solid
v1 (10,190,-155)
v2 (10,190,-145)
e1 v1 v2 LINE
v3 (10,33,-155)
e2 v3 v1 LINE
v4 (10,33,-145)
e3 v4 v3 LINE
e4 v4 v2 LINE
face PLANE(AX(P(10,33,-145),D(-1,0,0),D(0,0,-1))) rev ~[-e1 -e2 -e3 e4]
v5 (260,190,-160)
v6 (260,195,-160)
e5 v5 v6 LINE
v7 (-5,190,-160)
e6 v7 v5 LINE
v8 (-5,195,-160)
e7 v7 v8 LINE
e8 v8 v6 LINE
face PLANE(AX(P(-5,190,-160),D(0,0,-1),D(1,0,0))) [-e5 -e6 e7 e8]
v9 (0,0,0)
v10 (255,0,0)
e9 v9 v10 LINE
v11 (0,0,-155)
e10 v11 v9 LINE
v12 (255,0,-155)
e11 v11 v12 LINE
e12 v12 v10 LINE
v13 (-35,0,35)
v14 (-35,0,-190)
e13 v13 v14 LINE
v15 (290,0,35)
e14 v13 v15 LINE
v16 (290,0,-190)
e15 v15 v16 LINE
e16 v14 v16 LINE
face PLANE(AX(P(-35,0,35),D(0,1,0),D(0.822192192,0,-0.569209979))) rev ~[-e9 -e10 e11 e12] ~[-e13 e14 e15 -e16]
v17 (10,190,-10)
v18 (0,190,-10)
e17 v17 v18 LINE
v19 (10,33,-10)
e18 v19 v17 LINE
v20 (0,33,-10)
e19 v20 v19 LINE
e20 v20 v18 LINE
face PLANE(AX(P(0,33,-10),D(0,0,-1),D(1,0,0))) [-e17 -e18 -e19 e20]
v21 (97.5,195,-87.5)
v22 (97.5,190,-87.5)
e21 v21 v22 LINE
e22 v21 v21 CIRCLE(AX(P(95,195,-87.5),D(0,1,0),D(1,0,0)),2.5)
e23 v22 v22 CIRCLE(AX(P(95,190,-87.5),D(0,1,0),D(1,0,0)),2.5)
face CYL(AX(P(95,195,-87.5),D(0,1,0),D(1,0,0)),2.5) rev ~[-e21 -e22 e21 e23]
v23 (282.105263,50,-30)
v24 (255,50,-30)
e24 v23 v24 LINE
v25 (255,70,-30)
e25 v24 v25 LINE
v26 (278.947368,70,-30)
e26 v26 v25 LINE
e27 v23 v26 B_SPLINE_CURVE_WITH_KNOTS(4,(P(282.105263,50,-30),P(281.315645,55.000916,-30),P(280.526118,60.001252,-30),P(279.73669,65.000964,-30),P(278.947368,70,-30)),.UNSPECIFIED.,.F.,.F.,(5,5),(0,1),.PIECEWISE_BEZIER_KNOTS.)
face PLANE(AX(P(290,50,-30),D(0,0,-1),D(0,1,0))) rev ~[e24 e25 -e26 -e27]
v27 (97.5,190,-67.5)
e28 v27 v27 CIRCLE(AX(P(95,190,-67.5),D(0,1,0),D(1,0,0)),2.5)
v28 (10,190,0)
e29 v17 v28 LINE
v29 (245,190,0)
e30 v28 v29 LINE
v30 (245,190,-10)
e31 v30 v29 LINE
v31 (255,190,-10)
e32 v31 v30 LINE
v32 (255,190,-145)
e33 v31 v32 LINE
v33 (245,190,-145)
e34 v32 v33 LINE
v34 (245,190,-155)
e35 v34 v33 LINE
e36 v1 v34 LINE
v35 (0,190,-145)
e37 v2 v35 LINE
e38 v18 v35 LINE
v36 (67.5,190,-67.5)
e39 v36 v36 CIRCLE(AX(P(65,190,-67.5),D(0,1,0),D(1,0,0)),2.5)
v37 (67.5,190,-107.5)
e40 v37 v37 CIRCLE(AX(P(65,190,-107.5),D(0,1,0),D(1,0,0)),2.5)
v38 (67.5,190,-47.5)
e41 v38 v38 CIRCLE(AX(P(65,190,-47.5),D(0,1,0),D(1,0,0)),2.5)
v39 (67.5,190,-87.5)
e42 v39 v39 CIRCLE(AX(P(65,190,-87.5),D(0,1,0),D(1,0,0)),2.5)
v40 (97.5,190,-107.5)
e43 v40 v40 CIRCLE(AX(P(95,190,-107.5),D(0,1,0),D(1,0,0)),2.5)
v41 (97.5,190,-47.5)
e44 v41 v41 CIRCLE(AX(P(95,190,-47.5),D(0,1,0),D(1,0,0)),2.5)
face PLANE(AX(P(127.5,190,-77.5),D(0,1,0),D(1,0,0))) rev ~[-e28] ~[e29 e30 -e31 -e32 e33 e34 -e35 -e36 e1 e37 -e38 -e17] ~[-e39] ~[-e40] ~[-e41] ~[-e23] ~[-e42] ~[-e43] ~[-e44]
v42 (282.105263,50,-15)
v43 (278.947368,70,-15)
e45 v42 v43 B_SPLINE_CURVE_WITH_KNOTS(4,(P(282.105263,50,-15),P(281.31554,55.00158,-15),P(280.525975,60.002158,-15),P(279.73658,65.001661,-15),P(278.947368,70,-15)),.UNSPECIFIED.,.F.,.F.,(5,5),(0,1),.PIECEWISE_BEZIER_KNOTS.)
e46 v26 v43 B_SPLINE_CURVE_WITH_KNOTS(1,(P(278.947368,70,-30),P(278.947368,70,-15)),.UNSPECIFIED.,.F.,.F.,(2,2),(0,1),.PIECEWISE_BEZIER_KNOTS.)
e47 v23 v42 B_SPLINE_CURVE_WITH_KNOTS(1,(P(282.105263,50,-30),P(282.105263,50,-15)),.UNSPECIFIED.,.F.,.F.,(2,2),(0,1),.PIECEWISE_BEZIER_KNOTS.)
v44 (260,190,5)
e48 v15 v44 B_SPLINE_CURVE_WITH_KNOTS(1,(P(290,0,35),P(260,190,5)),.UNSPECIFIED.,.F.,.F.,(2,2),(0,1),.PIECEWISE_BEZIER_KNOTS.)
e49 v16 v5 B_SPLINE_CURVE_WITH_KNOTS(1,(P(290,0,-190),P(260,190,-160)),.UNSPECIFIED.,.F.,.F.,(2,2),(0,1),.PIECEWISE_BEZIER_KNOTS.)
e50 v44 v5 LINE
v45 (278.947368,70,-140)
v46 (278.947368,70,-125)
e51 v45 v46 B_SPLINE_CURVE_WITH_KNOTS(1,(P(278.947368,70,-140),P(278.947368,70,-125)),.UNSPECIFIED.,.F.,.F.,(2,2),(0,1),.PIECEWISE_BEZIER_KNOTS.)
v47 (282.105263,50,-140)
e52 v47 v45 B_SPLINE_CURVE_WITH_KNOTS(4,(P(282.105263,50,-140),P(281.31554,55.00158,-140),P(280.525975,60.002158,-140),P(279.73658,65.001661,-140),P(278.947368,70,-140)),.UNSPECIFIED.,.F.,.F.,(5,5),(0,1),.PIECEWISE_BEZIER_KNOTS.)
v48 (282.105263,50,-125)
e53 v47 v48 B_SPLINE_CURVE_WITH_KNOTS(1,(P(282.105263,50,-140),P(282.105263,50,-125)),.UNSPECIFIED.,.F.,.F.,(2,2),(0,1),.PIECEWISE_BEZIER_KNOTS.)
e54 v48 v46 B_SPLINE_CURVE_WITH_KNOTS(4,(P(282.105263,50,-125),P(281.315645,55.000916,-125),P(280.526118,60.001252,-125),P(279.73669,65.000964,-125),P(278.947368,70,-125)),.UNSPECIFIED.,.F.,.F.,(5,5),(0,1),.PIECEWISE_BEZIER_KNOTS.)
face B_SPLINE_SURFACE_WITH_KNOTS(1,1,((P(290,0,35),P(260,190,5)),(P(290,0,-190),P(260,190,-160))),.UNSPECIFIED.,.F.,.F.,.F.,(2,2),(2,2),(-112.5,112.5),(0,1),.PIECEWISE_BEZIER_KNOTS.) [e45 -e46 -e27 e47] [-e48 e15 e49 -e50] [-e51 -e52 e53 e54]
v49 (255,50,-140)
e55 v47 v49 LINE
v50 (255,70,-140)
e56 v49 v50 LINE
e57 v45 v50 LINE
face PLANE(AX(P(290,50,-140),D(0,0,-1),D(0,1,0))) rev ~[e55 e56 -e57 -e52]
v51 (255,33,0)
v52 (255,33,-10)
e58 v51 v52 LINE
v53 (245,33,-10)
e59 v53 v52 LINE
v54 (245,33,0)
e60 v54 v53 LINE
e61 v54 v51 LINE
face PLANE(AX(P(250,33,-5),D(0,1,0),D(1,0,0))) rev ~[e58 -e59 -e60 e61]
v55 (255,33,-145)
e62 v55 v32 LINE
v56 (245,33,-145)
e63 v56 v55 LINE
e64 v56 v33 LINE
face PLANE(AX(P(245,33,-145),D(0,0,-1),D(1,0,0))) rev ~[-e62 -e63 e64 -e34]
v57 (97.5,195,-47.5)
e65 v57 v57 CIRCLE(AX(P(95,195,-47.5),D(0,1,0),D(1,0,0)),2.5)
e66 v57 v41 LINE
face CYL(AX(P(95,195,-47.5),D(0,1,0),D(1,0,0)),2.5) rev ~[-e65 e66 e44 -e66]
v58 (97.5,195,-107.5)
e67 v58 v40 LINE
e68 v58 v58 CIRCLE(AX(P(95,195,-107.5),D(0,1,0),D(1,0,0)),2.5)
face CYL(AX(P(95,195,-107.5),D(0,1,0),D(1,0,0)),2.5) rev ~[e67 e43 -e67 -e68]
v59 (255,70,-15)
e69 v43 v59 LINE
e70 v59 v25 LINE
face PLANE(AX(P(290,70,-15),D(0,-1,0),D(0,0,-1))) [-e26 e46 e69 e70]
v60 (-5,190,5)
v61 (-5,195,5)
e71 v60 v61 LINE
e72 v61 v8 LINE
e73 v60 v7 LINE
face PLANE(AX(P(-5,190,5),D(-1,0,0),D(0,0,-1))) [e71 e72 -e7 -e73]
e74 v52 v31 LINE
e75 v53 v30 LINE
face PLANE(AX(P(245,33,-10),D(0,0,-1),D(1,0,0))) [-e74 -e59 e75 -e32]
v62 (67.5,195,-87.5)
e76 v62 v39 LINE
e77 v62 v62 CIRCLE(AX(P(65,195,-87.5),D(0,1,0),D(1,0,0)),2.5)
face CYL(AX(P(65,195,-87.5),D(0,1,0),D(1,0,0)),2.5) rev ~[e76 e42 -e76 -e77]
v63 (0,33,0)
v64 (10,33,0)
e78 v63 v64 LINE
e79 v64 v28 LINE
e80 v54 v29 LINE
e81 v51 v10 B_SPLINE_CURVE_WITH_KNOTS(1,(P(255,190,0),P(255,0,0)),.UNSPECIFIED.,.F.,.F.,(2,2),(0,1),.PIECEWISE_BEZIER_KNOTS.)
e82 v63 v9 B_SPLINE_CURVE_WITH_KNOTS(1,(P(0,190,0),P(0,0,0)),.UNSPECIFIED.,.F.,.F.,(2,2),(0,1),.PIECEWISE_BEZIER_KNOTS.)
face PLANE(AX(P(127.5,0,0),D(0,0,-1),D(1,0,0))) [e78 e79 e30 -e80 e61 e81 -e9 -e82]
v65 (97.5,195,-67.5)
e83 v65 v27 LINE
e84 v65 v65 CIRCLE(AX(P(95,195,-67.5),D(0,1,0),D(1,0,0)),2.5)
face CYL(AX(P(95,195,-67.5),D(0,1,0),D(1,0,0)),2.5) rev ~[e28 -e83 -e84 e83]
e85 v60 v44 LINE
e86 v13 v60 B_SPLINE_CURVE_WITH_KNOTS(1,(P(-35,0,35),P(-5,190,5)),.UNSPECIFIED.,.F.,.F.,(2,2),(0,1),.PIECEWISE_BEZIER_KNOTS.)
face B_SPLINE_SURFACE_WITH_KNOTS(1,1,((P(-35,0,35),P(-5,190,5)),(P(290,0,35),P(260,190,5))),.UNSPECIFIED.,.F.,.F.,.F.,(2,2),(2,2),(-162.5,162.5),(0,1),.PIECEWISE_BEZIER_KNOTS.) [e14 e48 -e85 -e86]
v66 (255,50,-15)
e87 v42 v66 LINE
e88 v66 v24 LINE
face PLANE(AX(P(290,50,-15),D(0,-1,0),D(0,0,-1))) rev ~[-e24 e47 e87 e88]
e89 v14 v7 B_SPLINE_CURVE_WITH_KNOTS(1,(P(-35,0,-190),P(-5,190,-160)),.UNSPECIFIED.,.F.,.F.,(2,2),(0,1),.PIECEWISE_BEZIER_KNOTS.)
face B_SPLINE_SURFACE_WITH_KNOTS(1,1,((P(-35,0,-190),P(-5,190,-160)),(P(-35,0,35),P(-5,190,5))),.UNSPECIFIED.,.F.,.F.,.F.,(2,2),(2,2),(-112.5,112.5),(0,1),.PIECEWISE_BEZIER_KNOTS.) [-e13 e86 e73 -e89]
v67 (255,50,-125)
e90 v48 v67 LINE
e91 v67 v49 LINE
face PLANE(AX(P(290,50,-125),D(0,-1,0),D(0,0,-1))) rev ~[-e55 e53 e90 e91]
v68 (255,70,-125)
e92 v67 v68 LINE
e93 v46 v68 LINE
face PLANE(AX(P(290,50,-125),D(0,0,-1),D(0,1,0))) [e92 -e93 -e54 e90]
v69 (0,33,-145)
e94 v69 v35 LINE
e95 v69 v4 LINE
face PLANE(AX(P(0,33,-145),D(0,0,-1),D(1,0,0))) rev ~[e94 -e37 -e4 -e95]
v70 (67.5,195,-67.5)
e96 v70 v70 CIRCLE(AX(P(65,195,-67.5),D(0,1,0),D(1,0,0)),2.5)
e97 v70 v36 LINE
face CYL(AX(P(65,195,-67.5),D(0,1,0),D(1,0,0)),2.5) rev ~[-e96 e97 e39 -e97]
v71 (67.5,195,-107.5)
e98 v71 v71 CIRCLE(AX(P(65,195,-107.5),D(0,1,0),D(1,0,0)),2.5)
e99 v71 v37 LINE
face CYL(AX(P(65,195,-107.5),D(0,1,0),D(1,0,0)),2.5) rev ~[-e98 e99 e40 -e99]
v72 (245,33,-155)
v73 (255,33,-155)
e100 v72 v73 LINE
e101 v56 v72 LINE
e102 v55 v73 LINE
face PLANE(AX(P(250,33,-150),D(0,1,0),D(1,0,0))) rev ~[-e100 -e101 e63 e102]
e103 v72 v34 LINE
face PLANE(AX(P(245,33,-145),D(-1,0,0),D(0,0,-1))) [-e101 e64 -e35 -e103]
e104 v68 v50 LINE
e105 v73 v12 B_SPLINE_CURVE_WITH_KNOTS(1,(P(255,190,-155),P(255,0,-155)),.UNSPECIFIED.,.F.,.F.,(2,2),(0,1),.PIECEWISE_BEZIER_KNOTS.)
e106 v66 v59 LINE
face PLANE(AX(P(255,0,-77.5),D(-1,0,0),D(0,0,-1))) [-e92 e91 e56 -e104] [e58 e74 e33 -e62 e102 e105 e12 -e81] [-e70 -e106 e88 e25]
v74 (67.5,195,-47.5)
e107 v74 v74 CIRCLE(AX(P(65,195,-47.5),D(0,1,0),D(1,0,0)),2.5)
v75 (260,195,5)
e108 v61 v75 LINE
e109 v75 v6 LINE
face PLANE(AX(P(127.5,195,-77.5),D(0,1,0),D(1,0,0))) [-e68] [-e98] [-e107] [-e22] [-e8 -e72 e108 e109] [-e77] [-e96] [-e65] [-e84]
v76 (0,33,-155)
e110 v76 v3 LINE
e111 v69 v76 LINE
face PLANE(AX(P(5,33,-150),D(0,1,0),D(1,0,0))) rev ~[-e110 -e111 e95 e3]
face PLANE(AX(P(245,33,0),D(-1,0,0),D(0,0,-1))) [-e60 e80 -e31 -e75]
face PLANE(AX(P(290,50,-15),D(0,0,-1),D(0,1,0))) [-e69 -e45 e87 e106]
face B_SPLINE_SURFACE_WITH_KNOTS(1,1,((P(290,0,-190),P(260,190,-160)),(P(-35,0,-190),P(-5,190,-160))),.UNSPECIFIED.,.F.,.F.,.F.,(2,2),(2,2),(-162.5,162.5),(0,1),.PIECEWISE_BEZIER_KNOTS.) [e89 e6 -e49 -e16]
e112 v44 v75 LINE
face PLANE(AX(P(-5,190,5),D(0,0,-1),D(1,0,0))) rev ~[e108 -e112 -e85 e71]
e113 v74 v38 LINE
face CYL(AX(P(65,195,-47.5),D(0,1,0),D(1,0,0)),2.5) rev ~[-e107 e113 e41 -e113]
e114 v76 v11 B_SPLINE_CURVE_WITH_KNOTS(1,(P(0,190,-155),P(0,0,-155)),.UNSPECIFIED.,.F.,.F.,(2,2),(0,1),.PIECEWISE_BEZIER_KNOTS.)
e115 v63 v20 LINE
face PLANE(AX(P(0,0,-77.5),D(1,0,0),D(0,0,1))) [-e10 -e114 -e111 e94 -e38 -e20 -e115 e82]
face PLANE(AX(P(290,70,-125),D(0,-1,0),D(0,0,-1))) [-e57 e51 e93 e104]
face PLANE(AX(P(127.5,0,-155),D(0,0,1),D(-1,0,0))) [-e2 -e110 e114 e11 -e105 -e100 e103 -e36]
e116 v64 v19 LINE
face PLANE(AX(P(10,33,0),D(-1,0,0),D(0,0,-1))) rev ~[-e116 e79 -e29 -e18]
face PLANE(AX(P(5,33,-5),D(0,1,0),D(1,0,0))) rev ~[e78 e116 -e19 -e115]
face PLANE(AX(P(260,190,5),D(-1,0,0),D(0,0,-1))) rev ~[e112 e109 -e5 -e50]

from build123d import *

# Parameters (mm, degrees)
SKETCH2_W           = 325
SKETCH2_H           = 225
SKETCH4_W           = 265
SKETCH4_H           = 165
SKETCH8_W           = 255
SKETCH8_H           = 155
SKETCH9_W           = 255
SKETCH9_H           = 155
SKETCH10_W          = 265
SKETCH10_H          = 165
BOSS_EXTRUDE1_DEPTH = 5
SKETCH13_W          = 10
SKETCH13_H          = 10
BOSS_EXTRUDE2_DEPTH = 162
SKETCH14_R          = 2.5
CUT_EXTRUDE1_DEPTH  = 196.0000001
CUT_EXTRUDE2_REACH  = 327
SKETCH15_W          = 15
SKETCH15_H          = 20


with BuildPart() as part:
    # Sketch2 → Loft2 section 0
    with BuildSketch(Plane(origin=(0, 0, 0), x_dir=(1, 0, 0), z_dir=(0, 1, 0))):
        with Locations((127.5, 77.5)):
            Rectangle(SKETCH2_W, SKETCH2_H)
    # Sketch4 → Loft2 section 1
    with BuildSketch(Plane(origin=(0, 190, 0), x_dir=(1, 0, 0), z_dir=(0, 1, 0))):
        with Locations((127.5, 77.5)):
            Rectangle(SKETCH4_W, SKETCH4_H)
    loft()

    # Sketch8 → Cut-Loft1 section 0
    with BuildSketch(Plane(origin=(0, 190, 0), x_dir=(1, 0, 0), z_dir=(0, 1, 0))):
        with Locations((127.5, 77.5)):
            Rectangle(SKETCH8_W, SKETCH8_H)
    # Sketch9 → Cut-Loft1 section 1
    with BuildSketch(Plane.XZ):
        with Locations((127.5, -77.5)):
            Rectangle(SKETCH9_W, SKETCH9_H)
    loft(mode=Mode.SUBTRACT)

    # Sketch10 → Boss-Extrude1 (add)
    with BuildSketch(Plane(origin=(0, 190, 0), x_dir=(1, 0, 0), z_dir=(0, 1, 0))):
        with Locations((127.5, 77.5)):
            Rectangle(SKETCH10_W, SKETCH10_H)
    extrude(amount=BOSS_EXTRUDE1_DEPTH)

    # Sketch13 → Boss-Extrude2 (add)
    with BuildSketch(Plane(origin=(0, 33, 0), x_dir=(1, 0, 0), z_dir=(0, 1, 0))):
        with Locations((5, 150)):
            Rectangle(SKETCH13_W, SKETCH13_H)
        with Locations((250, 150)):
            Rectangle(SKETCH13_W, SKETCH13_H)
        with Locations((250, 5)):
            Rectangle(SKETCH13_W, SKETCH13_H)
        with Locations((5, 5)):
            Rectangle(SKETCH13_W, SKETCH13_H)
    extrude(amount=BOSS_EXTRUDE2_DEPTH)

    # Sketch14 → Cut-Extrude1 (cut, through all)
    with BuildSketch(Plane(origin=(0, 195, 0), x_dir=(1, 0, 0), z_dir=(0, 1, 0))):
        with Locations((65, 47.5)):
            Circle(SKETCH14_R)
        with Locations((65, 67.5)):
            Circle(SKETCH14_R)
        with Locations((95, 67.5)):
            Circle(SKETCH14_R)
        with Locations((95, 47.5)):
            Circle(SKETCH14_R)
        with Locations((95, 107.5)):
            Circle(SKETCH14_R)
        with Locations((95, 87.5)):
            Circle(SKETCH14_R)
        with Locations((65, 87.5)):
            Circle(SKETCH14_R)
        with Locations((65, 107.5)):
            Circle(SKETCH14_R)
    extrude(amount=-CUT_EXTRUDE1_DEPTH, mode=Mode.SUBTRACT)

    # Sketch15 → Cut-Extrude2 (cut, up to next)
    with BuildSketch(Plane(origin=(290, 0, 0), x_dir=(0, 0, -1), z_dir=(1, 0, 0)), mode=Mode.PRIVATE) as cut_extrude2_sk1:
        with Locations((22.5, 60)):
            Rectangle(SKETCH15_W, SKETCH15_H)
    cut_extrude2_tool1 = extrude(cut_extrude2_sk1.sketch, amount=-CUT_EXTRUDE2_REACH, mode=Mode.PRIVATE) & part.part
    add(cut_extrude2_tool1.solids().sort_by_distance((290, 60, -22.5))[0], mode=Mode.SUBTRACT)
    # Sketch15 → Cut-Extrude2 (cut, up to next)
    with BuildSketch(Plane(origin=(290, 0, 0), x_dir=(0, 0, -1), z_dir=(1, 0, 0)), mode=Mode.PRIVATE) as cut_extrude2_sk2:
        with Locations((132.5, 60)):
            Rectangle(SKETCH15_W, SKETCH15_H)
    cut_extrude2_tool2 = extrude(cut_extrude2_sk2.sketch, amount=-CUT_EXTRUDE2_REACH, mode=Mode.PRIVATE) & part.part
    add(cut_extrude2_tool2.solids().sort_by_distance((290, 60, -132.5))[0], mode=Mode.SUBTRACT)


solid = part.part
